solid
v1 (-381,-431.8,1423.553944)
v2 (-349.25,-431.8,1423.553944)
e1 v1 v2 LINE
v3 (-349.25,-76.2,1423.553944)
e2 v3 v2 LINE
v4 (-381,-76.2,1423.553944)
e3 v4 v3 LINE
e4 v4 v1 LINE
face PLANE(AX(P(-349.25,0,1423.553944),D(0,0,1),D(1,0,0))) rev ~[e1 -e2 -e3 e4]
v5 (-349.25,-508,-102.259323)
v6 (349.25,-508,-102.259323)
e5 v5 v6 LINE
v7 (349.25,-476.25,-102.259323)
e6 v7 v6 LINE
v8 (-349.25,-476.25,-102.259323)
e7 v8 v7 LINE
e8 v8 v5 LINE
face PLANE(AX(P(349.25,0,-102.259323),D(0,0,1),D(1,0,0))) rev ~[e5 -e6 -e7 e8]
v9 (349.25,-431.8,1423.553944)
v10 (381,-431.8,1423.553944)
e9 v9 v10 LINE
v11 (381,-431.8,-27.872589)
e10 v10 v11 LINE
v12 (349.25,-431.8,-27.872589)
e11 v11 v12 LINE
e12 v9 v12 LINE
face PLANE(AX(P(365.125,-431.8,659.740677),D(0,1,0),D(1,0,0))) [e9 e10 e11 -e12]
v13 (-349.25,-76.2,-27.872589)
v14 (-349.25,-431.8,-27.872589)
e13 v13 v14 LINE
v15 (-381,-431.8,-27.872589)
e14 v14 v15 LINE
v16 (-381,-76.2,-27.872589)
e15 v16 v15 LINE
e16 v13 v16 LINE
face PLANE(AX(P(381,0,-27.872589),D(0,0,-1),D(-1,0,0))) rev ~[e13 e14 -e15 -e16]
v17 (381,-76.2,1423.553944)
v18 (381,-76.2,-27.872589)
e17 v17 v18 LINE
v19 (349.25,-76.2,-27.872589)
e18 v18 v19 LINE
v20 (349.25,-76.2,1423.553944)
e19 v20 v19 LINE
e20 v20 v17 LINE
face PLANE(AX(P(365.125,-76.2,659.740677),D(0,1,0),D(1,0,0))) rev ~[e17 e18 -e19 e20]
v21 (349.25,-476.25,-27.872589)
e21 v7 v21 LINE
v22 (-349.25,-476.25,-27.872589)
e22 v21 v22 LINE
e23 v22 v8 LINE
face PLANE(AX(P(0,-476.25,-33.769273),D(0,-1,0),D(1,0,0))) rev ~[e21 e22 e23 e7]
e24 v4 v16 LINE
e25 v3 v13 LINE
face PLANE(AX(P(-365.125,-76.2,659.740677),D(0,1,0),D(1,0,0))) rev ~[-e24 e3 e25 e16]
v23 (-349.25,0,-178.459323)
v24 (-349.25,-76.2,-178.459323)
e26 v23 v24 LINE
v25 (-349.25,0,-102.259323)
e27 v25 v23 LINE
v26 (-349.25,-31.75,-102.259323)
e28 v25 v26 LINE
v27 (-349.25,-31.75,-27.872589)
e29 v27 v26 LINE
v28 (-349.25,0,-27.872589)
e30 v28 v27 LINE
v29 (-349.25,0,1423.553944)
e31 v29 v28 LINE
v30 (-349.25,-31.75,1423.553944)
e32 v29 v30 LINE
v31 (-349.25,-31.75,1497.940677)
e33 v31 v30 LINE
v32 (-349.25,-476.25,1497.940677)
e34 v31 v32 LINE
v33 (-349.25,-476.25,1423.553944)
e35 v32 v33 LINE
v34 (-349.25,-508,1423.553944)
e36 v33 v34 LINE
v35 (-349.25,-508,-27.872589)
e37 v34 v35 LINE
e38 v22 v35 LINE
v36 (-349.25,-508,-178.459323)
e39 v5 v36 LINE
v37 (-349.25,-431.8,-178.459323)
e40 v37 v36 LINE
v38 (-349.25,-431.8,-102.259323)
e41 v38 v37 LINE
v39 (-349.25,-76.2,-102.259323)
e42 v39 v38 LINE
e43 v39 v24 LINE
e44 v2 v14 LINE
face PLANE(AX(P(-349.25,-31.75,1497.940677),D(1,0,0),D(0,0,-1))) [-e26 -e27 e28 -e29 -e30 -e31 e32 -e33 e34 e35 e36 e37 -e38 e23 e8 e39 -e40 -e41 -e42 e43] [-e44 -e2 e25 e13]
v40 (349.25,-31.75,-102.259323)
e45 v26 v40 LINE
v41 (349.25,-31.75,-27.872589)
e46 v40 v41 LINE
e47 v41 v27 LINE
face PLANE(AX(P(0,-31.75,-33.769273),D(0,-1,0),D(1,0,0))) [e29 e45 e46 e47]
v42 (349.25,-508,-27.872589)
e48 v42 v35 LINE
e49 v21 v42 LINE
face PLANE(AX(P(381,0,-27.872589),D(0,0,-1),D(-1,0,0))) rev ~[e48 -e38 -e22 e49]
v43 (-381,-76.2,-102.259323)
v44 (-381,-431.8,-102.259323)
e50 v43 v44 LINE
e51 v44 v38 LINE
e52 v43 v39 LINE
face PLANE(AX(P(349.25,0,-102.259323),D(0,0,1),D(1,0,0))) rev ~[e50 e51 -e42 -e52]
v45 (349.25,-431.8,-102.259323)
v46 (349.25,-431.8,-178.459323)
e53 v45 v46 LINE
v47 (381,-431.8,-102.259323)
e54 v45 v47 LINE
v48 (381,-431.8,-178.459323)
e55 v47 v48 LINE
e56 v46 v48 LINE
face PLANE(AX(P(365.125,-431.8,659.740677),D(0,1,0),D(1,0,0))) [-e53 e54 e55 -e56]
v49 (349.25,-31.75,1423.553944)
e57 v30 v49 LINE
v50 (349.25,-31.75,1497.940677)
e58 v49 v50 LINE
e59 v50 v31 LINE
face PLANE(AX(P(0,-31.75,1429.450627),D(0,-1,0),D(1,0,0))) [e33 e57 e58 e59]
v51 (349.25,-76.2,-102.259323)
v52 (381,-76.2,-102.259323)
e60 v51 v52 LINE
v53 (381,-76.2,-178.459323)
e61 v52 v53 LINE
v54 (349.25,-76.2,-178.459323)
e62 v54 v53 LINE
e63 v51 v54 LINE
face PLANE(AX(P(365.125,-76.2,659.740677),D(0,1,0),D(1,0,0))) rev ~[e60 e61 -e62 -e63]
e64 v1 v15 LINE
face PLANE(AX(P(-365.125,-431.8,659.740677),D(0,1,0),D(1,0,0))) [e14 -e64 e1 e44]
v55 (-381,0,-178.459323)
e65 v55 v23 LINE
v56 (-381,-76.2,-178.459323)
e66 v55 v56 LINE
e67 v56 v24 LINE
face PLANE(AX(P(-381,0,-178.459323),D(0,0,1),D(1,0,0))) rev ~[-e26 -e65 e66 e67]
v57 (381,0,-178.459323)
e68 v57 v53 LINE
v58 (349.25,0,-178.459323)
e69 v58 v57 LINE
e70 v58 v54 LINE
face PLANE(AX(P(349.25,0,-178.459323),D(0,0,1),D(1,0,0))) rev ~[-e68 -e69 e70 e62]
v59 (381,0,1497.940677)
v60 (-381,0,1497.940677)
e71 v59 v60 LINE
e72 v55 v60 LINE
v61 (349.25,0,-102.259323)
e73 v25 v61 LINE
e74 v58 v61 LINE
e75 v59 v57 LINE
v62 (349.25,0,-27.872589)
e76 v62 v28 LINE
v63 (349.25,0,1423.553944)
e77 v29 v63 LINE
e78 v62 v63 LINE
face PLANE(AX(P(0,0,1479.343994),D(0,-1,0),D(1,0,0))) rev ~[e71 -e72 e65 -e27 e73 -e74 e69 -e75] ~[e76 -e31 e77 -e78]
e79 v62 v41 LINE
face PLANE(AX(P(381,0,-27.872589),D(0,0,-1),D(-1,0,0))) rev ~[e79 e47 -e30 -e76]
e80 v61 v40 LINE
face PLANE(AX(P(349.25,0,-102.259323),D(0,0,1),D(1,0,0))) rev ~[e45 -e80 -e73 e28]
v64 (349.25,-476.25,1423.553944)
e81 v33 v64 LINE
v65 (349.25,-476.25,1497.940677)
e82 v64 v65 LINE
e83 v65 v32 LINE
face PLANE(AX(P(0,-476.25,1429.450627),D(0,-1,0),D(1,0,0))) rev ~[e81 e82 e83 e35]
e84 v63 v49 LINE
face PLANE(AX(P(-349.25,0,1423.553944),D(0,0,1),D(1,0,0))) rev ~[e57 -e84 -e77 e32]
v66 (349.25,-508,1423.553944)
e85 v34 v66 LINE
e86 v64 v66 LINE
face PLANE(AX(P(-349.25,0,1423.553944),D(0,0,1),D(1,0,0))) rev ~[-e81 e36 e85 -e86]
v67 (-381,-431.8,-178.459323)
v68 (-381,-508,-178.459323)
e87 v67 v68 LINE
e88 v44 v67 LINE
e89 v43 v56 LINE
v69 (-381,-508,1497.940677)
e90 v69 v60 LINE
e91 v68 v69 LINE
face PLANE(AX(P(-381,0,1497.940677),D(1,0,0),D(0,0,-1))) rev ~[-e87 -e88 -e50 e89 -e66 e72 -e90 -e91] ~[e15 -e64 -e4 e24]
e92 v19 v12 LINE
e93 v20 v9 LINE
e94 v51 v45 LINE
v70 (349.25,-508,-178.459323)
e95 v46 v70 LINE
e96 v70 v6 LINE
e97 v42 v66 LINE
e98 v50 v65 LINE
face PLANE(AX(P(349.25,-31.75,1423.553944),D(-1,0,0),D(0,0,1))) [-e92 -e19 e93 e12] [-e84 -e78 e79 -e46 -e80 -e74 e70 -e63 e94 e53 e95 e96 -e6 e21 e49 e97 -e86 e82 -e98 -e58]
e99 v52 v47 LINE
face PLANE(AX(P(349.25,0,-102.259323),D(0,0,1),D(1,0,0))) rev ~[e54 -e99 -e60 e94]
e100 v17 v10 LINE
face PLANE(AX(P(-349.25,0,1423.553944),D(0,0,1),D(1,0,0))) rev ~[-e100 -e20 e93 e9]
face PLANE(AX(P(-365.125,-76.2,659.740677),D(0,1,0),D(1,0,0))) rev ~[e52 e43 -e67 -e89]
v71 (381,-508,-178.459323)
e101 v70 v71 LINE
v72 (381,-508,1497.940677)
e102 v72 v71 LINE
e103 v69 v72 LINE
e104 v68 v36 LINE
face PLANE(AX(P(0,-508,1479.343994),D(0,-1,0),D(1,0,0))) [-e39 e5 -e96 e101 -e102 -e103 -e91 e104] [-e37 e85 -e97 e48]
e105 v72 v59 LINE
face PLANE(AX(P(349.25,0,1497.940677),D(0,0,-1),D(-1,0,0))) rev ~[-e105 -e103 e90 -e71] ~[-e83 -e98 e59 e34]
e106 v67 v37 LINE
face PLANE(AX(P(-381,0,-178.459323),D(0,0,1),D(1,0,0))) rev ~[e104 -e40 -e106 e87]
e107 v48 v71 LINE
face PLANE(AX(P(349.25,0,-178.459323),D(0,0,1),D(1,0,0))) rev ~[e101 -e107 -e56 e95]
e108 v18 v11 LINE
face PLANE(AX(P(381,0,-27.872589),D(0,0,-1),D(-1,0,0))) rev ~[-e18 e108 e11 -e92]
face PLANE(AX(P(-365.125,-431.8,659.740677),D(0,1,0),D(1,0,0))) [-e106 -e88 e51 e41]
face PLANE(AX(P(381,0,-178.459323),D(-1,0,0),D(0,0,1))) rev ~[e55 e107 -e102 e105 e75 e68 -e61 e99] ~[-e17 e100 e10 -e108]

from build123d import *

# Parameters (mm, degrees)
F0_W      = 15.875
F0_H      = 25.4
F0_H_2    = 1451.4265329467
F0_H_3    = 25.4000000258
F0_W_2    = 31.75
F0_H_4    = 76.2
F0_H_5    = 11.7933667633
F0_H_6    = 11.7933667375
F1_DEPTH  = 508
F2_START  = -76.2
F1_FACE_W = 31.75
F1_FACE_H = 1676.4
F2_DEPTH  = 355.6
F3_DEPTH  = 508
F4_DEPTH  = 508
F5_START  = 31.75
F5_DEPTH  = 444.5


with BuildPart() as f1:
    # F0 (on Front) → F1 (new body)
    with BuildSketch(Plane.XZ):
        with Locations((357.1875, 1448.0473103974)):
            Rectangle(F0_W, F0_H)
        Polygon((381, 1423.553943634), (381, 1497.9406771607), (349.25, 1497.9406771607), (349.25, 1460.7473103974), (365.125, 1460.7473103974), (365.125, 1435.3473103974), (365.125, 1423.553943634), align=None)
        with Locations((373.0625, 697.8406771607)):
            Rectangle(F0_W, F0_H_2)
        with Locations((357.1875, 697.8406771607)):
            Rectangle(F0_W, F0_H_2)
        Polygon((381, -102.2593228393), (381, -27.8725893126), (365.125, -27.8725893126), (365.125, -39.6659560502), (365.125, -65.065956076), (349.25, -65.065956076), (349.25, -102.2593228393), align=None)
        with Locations((357.1875, -52.3659560631)):
            Rectangle(F0_W, F0_H_3)
        with Locations((365.125, -140.3593228393)):
            Rectangle(F0_W_2, F0_H_4)
        with Locations((357.1875, 1429.4506270157)):
            Rectangle(F0_W, F0_H_5)
        with Locations((357.1875, -33.7692726814)):
            Rectangle(F0_W, F0_H_6)
    extrude(amount=F1_DEPTH)


with BuildPart() as f1b:
    # F0 (on Front) → F1, piece 2 (new body)
    with BuildSketch(Plane.XZ):
        with Locations((-365.125, -140.3593228393)):
            Rectangle(F0_W_2, F0_H_4)
        Polygon((-365.125, -27.8725893126), (-381, -27.8725893126), (-381, -102.2593228393), (-349.25, -102.2593228393), (-349.25, -65.065956076), (-365.125, -65.065956076), (-365.125, -39.6659560502), align=None)
        with Locations((-357.1875, -52.3659560631)):
            Rectangle(F0_W, F0_H_3)
        with Locations((-357.1875, 697.8406771607)):
            Rectangle(F0_W, F0_H_2)
        with Locations((-373.0625, 697.8406771607)):
            Rectangle(F0_W, F0_H_2)
        with Locations((-357.1875, 1448.0473103974)):
            Rectangle(F0_W, F0_H)
        Polygon((-349.25, 1460.7473103974), (-349.25, 1497.9406771607), (-381, 1497.9406771607), (-381, 1423.553943634), (-365.125, 1423.553943634), (-365.125, 1435.3473103974), (-365.125, 1460.7473103974), align=None)
        with Locations((-357.1875, 1429.4506270157)):
            Rectangle(F0_W, F0_H_5)
        with Locations((-357.1875, -33.7692726814)):
            Rectangle(F0_W, F0_H_6)
    extrude(amount=F1_DEPTH)


with BuildPart() as f2_tool:
    # F1_face (on face) → F2 (new body)
    with BuildSketch(Plane(origin=(365.125, 0, 659.7406771607), x_dir=(1, 0, 0), z_dir=(0, 1, 0)).offset(F2_START)):
        Rectangle(F1_FACE_W, F1_FACE_H)
        with Locations((-730.25, 0)):
            Rectangle(F1_FACE_W, F1_FACE_H)
    extrude(amount=-F2_DEPTH)


with BuildPart() as f1_1:
    add(f1.part)

    # F2: cut by f2_tool
    add(f2_tool.part, mode=Mode.SUBTRACT)



with BuildPart() as f1b_1:
    add(f1b.part)

    # F2: cut by f2_tool
    add(f2_tool.part, mode=Mode.SUBTRACT)


with BuildPart() as f3:
    # F0 (on Front) → F3 (new body, through all)
    with BuildSketch(Plane.XZ):
        Polygon((381, 1423.553943634), (381, 1497.9406771607), (349.25, 1497.9406771607), (349.25, 1460.7473103974), (365.125, 1460.7473103974), (365.125, 1435.3473103974), (365.125, 1423.553943634), align=None)
        with Locations((357.1875, 1429.4506270157)):
            Rectangle(F0_W, F0_H_5)
        with Locations((357.1875, 1448.0473103974)):
            Rectangle(F0_W, F0_H)
    extrude(amount=F3_DEPTH)


with BuildPart() as f3b:
    # F0 (on Front) → F3, piece 2 (new body, through all)
    with BuildSketch(Plane.XZ):
        Polygon((-349.25, 1460.7473103974), (-349.25, 1497.9406771607), (-381, 1497.9406771607), (-381, 1423.553943634), (-365.125, 1423.553943634), (-365.125, 1435.3473103974), (-365.125, 1460.7473103974), align=None)
        with Locations((-357.1875, 1448.0473103974)):
            Rectangle(F0_W, F0_H)
        with Locations((-357.1875, 1429.4506270157)):
            Rectangle(F0_W, F0_H_5)
    extrude(amount=F3_DEPTH)


with BuildPart() as f3c:
    # F0 (on Front) → F3, piece 3 (new body, through all)
    with BuildSketch(Plane.XZ):
        with Locations((357.1875, -52.3659560631)):
            Rectangle(F0_W, F0_H_3)
        Polygon((381, -102.2593228393), (381, -27.8725893126), (365.125, -27.8725893126), (365.125, -39.6659560502), (365.125, -65.065956076), (349.25, -65.065956076), (349.25, -102.2593228393), align=None)
        with Locations((357.1875, -33.7692726814)):
            Rectangle(F0_W, F0_H_6)
    extrude(amount=F3_DEPTH)


with BuildPart() as f3d:
    # F0 (on Front) → F3, piece 4 (new body, through all)
    with BuildSketch(Plane.XZ):
        with Locations((-357.1875, -52.3659560631)):
            Rectangle(F0_W, F0_H_3)
        Polygon((-365.125, -27.8725893126), (-381, -27.8725893126), (-381, -102.2593228393), (-349.25, -102.2593228393), (-349.25, -65.065956076), (-365.125, -65.065956076), (-365.125, -39.6659560502), align=None)
        with Locations((-357.1875, -33.7692726814)):
            Rectangle(F0_W, F0_H_6)
    extrude(amount=F3_DEPTH)


with BuildPart() as f1_2:
    add(f1_1.part)

    add(f1b_1.part)  # F4 merges F1b

    add(f3.part)  # F4 merges F3

    add(f3b.part)  # F4 merges F3b

    add(f3c.part)  # F4 merges F3c

    add(f3d.part)  # F4 merges F3d
    # F0 (on Front) → F4 (join)
    with BuildSketch(Plane.XZ):
        Polygon((349.25, 1460.7473103974), (349.25, 1497.9406771607), (-349.25, 1497.9406771607), (-349.25, 1460.7473103974), (0, 1460.7473103974), align=None)
        Polygon((349.25, 1423.553943634), (349.25, 1435.3473103974), (0, 1435.3473103974), (-349.25, 1435.3473103974), (-349.25, 1423.553943634), align=None)
        Polygon((349.25, -39.6659560502), (349.25, -27.8725893126), (-349.25, -27.8725893126), (-349.25, -39.6659560502), (0, -39.6659560502), align=None)
        Polygon((-349.25, -102.2593228393), (349.25, -102.2593228393), (349.25, -65.065956076), (0, -65.065956076), (-349.25, -65.065956076), align=None)
        Polygon((0, -65.065956076), (349.25, -65.065956076), (349.25, -39.6659560502), (0, -39.6659560502), (-349.25, -39.6659560502), (-349.25, -65.065956076), align=None)
        Polygon((349.25, 1435.3473103974), (349.25, 1460.7473103974), (0, 1460.7473103974), (-349.25, 1460.7473103974), (-349.25, 1435.3473103974), (0, 1435.3473103974), align=None)
    extrude(amount=F4_DEPTH)

    # F0 (on Front) → F5 (cut)
    with BuildSketch(Plane.XZ.offset(F5_START)):
        Polygon((349.25, 1423.553943634), (349.25, 1435.3473103974), (0, 1435.3473103974), (-349.25, 1435.3473103974), (-349.25, 1423.553943634), align=None)
        Polygon((349.25, 1460.7473103974), (349.25, 1497.9406771607), (-349.25, 1497.9406771607), (-349.25, 1460.7473103974), (0, 1460.7473103974), align=None)
        Polygon((349.25, -39.6659560502), (349.25, -27.8725893126), (-349.25, -27.8725893126), (-349.25, -39.6659560502), (0, -39.6659560502), align=None)
        Polygon((-349.25, -102.2593228393), (349.25, -102.2593228393), (349.25, -65.065956076), (0, -65.065956076), (-349.25, -65.065956076), align=None)
        Polygon((349.25, 1435.3473103974), (349.25, 1460.7473103974), (0, 1460.7473103974), (-349.25, 1460.7473103974), (-349.25, 1435.3473103974), (0, 1435.3473103974), align=None)
        Polygon((0, -65.065956076), (349.25, -65.065956076), (349.25, -39.6659560502), (0, -39.6659560502), (-349.25, -39.6659560502), (-349.25, -65.065956076), align=None)
    extrude(amount=F5_DEPTH, mode=Mode.SUBTRACT)


solid = f1_2.part
